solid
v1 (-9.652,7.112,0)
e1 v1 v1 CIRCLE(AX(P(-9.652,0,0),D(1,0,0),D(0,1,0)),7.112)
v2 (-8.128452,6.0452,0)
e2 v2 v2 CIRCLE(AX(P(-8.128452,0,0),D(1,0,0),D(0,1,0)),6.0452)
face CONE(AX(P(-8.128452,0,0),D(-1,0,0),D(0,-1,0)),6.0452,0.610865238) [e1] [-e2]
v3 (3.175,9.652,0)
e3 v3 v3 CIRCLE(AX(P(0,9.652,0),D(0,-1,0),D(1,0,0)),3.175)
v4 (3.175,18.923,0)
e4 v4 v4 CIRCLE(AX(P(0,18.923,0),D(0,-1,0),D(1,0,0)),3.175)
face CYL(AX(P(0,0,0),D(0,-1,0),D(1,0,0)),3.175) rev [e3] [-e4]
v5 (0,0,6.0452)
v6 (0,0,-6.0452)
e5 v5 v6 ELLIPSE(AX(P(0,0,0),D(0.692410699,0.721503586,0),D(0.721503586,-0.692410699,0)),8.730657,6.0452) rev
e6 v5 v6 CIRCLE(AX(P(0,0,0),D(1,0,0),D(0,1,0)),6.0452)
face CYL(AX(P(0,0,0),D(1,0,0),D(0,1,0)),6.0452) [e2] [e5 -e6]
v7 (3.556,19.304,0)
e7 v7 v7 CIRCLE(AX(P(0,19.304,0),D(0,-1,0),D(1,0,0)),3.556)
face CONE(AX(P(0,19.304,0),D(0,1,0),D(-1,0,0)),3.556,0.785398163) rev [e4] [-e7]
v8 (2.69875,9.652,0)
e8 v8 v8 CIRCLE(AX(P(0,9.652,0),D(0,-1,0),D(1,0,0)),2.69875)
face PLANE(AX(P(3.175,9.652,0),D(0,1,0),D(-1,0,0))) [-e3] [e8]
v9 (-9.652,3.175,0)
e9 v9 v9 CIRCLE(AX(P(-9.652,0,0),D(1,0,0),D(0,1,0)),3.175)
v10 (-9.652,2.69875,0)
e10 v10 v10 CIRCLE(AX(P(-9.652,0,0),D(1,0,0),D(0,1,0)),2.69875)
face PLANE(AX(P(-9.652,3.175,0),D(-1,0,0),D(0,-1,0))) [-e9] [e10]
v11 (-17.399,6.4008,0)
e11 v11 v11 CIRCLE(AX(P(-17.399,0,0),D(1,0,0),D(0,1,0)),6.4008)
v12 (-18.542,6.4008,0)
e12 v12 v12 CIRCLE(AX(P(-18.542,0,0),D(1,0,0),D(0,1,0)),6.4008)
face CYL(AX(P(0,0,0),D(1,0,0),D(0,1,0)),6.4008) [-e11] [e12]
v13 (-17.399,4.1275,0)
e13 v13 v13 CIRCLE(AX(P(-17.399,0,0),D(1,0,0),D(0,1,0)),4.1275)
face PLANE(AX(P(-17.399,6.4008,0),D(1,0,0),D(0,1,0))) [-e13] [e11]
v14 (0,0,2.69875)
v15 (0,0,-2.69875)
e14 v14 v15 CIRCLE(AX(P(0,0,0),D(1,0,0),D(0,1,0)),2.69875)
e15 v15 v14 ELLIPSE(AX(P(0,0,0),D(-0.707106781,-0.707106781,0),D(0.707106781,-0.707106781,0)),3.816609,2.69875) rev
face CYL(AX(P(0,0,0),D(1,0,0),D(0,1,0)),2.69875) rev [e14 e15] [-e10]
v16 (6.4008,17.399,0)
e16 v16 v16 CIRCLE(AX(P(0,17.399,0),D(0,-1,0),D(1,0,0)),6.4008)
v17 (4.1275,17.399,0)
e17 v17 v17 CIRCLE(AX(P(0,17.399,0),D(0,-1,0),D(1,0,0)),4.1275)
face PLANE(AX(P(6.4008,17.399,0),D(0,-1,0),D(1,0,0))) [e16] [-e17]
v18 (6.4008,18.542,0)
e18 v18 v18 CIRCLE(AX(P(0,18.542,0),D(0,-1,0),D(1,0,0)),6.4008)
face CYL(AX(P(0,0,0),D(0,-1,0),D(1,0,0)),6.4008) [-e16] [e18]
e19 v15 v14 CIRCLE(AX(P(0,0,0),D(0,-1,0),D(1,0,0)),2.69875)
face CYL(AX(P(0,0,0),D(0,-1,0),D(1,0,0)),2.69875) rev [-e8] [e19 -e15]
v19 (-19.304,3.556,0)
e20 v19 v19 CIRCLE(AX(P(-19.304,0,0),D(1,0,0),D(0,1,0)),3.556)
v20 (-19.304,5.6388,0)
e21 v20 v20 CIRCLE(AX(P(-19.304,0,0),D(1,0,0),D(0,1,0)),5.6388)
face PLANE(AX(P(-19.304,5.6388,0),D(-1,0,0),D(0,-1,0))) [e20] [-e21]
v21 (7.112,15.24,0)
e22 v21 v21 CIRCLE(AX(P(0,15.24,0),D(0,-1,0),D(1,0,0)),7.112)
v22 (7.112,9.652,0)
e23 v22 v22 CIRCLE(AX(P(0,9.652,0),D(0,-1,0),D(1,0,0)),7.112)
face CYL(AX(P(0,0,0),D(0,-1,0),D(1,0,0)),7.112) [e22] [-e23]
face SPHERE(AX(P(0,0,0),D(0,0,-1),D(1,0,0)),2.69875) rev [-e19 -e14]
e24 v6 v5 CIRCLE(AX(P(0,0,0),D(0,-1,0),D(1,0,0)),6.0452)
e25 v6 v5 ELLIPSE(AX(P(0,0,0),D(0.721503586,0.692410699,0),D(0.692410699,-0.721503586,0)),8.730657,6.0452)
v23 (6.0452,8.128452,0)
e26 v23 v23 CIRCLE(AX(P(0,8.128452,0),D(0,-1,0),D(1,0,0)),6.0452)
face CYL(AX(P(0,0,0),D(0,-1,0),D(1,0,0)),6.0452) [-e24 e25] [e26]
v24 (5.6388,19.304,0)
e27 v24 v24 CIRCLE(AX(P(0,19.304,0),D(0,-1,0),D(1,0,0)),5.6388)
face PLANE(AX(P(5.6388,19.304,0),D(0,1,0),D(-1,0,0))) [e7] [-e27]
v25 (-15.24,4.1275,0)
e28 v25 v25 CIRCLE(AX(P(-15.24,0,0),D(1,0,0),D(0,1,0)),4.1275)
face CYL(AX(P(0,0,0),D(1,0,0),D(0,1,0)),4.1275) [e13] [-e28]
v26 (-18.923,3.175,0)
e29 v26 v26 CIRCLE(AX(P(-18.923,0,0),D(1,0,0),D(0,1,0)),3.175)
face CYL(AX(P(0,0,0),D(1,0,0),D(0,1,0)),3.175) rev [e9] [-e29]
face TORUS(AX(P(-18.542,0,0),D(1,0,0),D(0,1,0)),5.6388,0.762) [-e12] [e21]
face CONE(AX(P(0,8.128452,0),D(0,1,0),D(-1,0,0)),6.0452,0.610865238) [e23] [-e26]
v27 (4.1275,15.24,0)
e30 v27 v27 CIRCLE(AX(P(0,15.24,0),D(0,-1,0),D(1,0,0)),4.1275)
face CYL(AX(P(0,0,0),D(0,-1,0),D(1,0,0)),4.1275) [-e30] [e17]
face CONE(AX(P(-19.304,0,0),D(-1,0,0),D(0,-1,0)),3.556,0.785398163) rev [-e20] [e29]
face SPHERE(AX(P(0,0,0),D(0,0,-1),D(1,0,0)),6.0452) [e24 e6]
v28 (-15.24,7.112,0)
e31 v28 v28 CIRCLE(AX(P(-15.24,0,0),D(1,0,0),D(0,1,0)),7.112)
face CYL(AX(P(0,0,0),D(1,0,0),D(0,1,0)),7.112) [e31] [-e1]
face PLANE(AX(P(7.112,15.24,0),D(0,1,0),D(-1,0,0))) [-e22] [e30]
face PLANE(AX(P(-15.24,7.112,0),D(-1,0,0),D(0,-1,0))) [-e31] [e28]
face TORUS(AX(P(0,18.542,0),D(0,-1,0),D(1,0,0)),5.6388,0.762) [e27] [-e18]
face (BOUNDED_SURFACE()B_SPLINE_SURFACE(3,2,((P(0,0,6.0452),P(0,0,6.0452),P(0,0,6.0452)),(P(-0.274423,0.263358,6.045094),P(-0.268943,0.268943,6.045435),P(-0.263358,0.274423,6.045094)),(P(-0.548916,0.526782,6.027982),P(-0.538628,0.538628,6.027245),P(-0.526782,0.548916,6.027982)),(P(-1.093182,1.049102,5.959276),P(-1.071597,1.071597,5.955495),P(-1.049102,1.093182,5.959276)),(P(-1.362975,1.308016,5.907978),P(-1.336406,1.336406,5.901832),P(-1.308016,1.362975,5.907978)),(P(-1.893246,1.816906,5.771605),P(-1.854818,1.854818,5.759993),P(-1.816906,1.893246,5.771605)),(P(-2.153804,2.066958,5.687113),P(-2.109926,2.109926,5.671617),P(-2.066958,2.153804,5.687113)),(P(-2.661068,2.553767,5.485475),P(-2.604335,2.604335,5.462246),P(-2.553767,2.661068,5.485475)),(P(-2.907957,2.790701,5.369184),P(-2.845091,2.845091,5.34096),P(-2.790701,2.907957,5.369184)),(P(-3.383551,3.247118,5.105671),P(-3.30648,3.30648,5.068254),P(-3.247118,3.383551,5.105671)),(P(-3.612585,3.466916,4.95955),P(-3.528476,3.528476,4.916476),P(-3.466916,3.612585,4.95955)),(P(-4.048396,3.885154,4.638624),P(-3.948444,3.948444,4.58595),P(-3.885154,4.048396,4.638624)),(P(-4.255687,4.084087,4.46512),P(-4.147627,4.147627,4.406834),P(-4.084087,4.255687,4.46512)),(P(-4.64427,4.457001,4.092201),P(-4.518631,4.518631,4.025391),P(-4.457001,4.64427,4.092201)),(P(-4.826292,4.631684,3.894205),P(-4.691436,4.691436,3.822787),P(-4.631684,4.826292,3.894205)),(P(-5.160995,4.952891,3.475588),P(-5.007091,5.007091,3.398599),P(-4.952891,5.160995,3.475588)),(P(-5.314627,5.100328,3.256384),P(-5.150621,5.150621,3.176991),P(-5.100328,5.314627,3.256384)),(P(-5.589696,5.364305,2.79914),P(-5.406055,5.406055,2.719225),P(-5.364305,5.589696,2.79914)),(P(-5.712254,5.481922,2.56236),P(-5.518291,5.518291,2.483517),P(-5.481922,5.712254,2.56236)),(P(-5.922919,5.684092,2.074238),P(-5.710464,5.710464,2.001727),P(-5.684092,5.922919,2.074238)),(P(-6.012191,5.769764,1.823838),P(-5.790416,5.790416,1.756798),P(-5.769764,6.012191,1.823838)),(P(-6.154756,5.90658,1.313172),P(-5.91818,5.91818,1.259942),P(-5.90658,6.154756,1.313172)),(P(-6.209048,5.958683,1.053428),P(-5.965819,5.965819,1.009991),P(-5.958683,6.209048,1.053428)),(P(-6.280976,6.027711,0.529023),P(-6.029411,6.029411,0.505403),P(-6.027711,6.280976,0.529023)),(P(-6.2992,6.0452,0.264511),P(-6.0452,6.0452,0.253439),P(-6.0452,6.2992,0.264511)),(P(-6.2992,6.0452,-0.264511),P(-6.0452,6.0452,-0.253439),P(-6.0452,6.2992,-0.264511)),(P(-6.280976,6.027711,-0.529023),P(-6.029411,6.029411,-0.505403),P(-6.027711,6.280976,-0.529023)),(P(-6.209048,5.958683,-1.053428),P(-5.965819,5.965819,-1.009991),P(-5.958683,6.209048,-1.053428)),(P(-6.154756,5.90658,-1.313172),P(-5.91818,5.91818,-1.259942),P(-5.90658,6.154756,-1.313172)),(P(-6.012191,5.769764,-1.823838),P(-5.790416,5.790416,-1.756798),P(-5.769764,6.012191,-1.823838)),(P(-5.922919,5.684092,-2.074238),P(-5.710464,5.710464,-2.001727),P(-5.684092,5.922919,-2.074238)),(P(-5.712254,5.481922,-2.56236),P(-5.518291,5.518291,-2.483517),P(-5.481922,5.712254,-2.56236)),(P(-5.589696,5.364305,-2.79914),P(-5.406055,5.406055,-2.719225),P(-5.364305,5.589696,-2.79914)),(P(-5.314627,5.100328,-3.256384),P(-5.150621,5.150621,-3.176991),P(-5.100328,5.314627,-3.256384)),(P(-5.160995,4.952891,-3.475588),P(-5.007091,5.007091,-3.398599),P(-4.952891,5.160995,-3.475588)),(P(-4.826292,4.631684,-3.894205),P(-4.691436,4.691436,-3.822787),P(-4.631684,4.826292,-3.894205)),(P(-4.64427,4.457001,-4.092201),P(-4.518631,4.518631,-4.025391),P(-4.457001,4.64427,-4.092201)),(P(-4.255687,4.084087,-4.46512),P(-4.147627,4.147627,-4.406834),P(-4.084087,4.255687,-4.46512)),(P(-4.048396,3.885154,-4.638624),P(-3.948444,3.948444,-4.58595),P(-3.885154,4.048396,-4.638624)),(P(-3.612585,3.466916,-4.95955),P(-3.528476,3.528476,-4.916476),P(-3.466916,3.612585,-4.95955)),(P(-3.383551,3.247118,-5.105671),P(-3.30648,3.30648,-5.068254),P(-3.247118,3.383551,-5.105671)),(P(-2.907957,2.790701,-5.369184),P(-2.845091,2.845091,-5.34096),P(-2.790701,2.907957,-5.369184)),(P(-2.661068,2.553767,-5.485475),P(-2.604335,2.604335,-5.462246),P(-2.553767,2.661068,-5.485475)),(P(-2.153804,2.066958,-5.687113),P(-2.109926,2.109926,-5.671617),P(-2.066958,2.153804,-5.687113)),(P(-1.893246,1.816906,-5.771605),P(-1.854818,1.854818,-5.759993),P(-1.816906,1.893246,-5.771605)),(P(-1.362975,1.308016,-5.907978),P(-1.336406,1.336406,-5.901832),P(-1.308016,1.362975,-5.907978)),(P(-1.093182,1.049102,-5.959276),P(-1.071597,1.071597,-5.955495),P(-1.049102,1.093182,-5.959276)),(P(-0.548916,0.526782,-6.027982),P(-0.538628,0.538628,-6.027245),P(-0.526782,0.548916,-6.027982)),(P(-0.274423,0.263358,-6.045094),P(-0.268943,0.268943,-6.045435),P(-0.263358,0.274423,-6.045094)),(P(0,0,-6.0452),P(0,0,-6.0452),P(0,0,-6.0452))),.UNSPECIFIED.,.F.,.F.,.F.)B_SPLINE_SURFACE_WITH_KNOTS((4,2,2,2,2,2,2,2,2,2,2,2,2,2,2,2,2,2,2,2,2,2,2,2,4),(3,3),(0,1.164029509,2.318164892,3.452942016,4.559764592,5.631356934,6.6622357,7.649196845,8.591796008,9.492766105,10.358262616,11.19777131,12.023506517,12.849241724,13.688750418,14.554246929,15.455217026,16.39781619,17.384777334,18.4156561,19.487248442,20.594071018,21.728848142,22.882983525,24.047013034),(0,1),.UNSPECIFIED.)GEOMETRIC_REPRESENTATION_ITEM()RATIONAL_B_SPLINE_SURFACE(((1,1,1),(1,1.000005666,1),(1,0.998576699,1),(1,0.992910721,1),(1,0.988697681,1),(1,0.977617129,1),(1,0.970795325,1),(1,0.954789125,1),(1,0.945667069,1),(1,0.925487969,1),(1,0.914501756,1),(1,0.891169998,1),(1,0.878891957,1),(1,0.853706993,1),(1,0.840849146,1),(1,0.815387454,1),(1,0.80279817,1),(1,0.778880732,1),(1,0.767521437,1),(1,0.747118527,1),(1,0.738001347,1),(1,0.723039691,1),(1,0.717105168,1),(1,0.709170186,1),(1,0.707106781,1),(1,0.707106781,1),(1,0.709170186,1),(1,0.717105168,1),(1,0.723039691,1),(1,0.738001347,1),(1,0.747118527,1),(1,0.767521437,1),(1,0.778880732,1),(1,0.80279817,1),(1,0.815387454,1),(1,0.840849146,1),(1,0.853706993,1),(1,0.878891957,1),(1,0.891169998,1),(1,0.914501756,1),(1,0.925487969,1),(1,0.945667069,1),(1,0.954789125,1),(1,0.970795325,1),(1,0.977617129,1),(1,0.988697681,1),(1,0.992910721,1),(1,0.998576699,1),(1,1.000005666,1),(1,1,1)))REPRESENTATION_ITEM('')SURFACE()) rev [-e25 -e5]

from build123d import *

# Parameters (mm, degrees)
CIRPATTERN1_COUNT  = 2
CIRPATTERN1_ANGLE  = 90
SKETCH5_R          = 2.69875
CUT_EXTRUDE3_DEPTH = 29.211156942
SKETCH6_R          = 2.69875
CUT_EXTRUDE4_DEPTH = 29.211156942
REVOLVE2_ANGLE     = 90
FILLET1_R          = 0.254


with BuildPart() as part:
    # Sketch1 → Revolve1 (revolve)
    with BuildSketch(Plane.XY):
        with BuildLine():
            Line((-15.24, 7.112), (-9.652, 7.112))
            Line((-9.652, 7.112), (-8.128451706, 6.0452))
            Line((-8.128451706, 6.0452), (0, 6.0452))
            Line((0, 6.0452), (0, 2.69875))
            Line((0, 2.69875), (-9.652, 2.69875))
            Line((-9.652, 2.69875), (-9.652, 3.175))
            Line((-9.652, 3.175), (-18.923, 3.175))
            Line((-18.923, 3.175), (-19.304, 3.556))
            Line((-19.304, 3.556), (-19.304, 5.6388))
            ThreePointArc((-19.304, 5.6388), (-19.080815367, 6.177615367), (-18.542, 6.4008))
            Line((-18.542, 6.4008), (-17.399, 6.4008))
            Line((-17.399, 6.4008), (-17.399, 4.1275))
            Line((-17.399, 4.1275), (-15.24, 4.1275))
            Line((-15.24, 4.1275), (-15.24, 7.112))
        make_face()
    revolve1 = revolve(axis=Axis((0, 0, 0), (-1, 0, 0)))

    # CirPattern1: Revolve1 ×2 about axis
    cirpattern1_axis = Axis((0, 0, -6.0452), (0, 0, -1))
    for i in range(1, CIRPATTERN1_COUNT):
        add(revolve1.rotate(cirpattern1_axis, i * CIRPATTERN1_ANGLE / (CIRPATTERN1_COUNT - 1)))

    # Sketch5 → Cut-Extrude3 (cut, through all)
    with BuildSketch(Plane.XZ):
        Circle(SKETCH5_R)
    extrude(amount=-CUT_EXTRUDE3_DEPTH, mode=Mode.SUBTRACT)

    # Sketch6 → Cut-Extrude4 (cut, through all)
    with BuildSketch(Plane(origin=(0, 0, 0), x_dir=(0, 0, -1), z_dir=(1, 0, 0))):
        with Locations(Location((0, 0, 0), (0, 0, 90))):
            Circle(SKETCH6_R)
    extrude(amount=-CUT_EXTRUDE4_DEPTH, mode=Mode.SUBTRACT)

    # Sketch7 → Revolve2 (revolve)
    with BuildSketch(Plane(origin=(0, 0, 0), x_dir=(0, 0, -1), z_dir=(1, 0, 0))):
        with BuildLine():
            Line((-2.69875, 0), (-6.0452, 0))
            ThreePointArc((-6.0452, 0), (0, -6.0452), (6.0452, 0))
            Line((6.0452, 0), (2.69875, 0))
            ThreePointArc((2.69875, 0), (0, -2.69875), (-2.69875, 0))
        make_face()
    revolve(axis=Axis((0, 0, -2.69875), (0, 0, 1)), revolution_arc=REVOLVE2_ANGLE)

    # Fillet1
    fillet1_edges = [part.edges().sort_by_distance(p)[0] for p in [
        (-3.905494855, 3.905494855, -4.614277081),
    ]]
    fillet(fillet1_edges, radius=FILLET1_R)


solid = part.part
